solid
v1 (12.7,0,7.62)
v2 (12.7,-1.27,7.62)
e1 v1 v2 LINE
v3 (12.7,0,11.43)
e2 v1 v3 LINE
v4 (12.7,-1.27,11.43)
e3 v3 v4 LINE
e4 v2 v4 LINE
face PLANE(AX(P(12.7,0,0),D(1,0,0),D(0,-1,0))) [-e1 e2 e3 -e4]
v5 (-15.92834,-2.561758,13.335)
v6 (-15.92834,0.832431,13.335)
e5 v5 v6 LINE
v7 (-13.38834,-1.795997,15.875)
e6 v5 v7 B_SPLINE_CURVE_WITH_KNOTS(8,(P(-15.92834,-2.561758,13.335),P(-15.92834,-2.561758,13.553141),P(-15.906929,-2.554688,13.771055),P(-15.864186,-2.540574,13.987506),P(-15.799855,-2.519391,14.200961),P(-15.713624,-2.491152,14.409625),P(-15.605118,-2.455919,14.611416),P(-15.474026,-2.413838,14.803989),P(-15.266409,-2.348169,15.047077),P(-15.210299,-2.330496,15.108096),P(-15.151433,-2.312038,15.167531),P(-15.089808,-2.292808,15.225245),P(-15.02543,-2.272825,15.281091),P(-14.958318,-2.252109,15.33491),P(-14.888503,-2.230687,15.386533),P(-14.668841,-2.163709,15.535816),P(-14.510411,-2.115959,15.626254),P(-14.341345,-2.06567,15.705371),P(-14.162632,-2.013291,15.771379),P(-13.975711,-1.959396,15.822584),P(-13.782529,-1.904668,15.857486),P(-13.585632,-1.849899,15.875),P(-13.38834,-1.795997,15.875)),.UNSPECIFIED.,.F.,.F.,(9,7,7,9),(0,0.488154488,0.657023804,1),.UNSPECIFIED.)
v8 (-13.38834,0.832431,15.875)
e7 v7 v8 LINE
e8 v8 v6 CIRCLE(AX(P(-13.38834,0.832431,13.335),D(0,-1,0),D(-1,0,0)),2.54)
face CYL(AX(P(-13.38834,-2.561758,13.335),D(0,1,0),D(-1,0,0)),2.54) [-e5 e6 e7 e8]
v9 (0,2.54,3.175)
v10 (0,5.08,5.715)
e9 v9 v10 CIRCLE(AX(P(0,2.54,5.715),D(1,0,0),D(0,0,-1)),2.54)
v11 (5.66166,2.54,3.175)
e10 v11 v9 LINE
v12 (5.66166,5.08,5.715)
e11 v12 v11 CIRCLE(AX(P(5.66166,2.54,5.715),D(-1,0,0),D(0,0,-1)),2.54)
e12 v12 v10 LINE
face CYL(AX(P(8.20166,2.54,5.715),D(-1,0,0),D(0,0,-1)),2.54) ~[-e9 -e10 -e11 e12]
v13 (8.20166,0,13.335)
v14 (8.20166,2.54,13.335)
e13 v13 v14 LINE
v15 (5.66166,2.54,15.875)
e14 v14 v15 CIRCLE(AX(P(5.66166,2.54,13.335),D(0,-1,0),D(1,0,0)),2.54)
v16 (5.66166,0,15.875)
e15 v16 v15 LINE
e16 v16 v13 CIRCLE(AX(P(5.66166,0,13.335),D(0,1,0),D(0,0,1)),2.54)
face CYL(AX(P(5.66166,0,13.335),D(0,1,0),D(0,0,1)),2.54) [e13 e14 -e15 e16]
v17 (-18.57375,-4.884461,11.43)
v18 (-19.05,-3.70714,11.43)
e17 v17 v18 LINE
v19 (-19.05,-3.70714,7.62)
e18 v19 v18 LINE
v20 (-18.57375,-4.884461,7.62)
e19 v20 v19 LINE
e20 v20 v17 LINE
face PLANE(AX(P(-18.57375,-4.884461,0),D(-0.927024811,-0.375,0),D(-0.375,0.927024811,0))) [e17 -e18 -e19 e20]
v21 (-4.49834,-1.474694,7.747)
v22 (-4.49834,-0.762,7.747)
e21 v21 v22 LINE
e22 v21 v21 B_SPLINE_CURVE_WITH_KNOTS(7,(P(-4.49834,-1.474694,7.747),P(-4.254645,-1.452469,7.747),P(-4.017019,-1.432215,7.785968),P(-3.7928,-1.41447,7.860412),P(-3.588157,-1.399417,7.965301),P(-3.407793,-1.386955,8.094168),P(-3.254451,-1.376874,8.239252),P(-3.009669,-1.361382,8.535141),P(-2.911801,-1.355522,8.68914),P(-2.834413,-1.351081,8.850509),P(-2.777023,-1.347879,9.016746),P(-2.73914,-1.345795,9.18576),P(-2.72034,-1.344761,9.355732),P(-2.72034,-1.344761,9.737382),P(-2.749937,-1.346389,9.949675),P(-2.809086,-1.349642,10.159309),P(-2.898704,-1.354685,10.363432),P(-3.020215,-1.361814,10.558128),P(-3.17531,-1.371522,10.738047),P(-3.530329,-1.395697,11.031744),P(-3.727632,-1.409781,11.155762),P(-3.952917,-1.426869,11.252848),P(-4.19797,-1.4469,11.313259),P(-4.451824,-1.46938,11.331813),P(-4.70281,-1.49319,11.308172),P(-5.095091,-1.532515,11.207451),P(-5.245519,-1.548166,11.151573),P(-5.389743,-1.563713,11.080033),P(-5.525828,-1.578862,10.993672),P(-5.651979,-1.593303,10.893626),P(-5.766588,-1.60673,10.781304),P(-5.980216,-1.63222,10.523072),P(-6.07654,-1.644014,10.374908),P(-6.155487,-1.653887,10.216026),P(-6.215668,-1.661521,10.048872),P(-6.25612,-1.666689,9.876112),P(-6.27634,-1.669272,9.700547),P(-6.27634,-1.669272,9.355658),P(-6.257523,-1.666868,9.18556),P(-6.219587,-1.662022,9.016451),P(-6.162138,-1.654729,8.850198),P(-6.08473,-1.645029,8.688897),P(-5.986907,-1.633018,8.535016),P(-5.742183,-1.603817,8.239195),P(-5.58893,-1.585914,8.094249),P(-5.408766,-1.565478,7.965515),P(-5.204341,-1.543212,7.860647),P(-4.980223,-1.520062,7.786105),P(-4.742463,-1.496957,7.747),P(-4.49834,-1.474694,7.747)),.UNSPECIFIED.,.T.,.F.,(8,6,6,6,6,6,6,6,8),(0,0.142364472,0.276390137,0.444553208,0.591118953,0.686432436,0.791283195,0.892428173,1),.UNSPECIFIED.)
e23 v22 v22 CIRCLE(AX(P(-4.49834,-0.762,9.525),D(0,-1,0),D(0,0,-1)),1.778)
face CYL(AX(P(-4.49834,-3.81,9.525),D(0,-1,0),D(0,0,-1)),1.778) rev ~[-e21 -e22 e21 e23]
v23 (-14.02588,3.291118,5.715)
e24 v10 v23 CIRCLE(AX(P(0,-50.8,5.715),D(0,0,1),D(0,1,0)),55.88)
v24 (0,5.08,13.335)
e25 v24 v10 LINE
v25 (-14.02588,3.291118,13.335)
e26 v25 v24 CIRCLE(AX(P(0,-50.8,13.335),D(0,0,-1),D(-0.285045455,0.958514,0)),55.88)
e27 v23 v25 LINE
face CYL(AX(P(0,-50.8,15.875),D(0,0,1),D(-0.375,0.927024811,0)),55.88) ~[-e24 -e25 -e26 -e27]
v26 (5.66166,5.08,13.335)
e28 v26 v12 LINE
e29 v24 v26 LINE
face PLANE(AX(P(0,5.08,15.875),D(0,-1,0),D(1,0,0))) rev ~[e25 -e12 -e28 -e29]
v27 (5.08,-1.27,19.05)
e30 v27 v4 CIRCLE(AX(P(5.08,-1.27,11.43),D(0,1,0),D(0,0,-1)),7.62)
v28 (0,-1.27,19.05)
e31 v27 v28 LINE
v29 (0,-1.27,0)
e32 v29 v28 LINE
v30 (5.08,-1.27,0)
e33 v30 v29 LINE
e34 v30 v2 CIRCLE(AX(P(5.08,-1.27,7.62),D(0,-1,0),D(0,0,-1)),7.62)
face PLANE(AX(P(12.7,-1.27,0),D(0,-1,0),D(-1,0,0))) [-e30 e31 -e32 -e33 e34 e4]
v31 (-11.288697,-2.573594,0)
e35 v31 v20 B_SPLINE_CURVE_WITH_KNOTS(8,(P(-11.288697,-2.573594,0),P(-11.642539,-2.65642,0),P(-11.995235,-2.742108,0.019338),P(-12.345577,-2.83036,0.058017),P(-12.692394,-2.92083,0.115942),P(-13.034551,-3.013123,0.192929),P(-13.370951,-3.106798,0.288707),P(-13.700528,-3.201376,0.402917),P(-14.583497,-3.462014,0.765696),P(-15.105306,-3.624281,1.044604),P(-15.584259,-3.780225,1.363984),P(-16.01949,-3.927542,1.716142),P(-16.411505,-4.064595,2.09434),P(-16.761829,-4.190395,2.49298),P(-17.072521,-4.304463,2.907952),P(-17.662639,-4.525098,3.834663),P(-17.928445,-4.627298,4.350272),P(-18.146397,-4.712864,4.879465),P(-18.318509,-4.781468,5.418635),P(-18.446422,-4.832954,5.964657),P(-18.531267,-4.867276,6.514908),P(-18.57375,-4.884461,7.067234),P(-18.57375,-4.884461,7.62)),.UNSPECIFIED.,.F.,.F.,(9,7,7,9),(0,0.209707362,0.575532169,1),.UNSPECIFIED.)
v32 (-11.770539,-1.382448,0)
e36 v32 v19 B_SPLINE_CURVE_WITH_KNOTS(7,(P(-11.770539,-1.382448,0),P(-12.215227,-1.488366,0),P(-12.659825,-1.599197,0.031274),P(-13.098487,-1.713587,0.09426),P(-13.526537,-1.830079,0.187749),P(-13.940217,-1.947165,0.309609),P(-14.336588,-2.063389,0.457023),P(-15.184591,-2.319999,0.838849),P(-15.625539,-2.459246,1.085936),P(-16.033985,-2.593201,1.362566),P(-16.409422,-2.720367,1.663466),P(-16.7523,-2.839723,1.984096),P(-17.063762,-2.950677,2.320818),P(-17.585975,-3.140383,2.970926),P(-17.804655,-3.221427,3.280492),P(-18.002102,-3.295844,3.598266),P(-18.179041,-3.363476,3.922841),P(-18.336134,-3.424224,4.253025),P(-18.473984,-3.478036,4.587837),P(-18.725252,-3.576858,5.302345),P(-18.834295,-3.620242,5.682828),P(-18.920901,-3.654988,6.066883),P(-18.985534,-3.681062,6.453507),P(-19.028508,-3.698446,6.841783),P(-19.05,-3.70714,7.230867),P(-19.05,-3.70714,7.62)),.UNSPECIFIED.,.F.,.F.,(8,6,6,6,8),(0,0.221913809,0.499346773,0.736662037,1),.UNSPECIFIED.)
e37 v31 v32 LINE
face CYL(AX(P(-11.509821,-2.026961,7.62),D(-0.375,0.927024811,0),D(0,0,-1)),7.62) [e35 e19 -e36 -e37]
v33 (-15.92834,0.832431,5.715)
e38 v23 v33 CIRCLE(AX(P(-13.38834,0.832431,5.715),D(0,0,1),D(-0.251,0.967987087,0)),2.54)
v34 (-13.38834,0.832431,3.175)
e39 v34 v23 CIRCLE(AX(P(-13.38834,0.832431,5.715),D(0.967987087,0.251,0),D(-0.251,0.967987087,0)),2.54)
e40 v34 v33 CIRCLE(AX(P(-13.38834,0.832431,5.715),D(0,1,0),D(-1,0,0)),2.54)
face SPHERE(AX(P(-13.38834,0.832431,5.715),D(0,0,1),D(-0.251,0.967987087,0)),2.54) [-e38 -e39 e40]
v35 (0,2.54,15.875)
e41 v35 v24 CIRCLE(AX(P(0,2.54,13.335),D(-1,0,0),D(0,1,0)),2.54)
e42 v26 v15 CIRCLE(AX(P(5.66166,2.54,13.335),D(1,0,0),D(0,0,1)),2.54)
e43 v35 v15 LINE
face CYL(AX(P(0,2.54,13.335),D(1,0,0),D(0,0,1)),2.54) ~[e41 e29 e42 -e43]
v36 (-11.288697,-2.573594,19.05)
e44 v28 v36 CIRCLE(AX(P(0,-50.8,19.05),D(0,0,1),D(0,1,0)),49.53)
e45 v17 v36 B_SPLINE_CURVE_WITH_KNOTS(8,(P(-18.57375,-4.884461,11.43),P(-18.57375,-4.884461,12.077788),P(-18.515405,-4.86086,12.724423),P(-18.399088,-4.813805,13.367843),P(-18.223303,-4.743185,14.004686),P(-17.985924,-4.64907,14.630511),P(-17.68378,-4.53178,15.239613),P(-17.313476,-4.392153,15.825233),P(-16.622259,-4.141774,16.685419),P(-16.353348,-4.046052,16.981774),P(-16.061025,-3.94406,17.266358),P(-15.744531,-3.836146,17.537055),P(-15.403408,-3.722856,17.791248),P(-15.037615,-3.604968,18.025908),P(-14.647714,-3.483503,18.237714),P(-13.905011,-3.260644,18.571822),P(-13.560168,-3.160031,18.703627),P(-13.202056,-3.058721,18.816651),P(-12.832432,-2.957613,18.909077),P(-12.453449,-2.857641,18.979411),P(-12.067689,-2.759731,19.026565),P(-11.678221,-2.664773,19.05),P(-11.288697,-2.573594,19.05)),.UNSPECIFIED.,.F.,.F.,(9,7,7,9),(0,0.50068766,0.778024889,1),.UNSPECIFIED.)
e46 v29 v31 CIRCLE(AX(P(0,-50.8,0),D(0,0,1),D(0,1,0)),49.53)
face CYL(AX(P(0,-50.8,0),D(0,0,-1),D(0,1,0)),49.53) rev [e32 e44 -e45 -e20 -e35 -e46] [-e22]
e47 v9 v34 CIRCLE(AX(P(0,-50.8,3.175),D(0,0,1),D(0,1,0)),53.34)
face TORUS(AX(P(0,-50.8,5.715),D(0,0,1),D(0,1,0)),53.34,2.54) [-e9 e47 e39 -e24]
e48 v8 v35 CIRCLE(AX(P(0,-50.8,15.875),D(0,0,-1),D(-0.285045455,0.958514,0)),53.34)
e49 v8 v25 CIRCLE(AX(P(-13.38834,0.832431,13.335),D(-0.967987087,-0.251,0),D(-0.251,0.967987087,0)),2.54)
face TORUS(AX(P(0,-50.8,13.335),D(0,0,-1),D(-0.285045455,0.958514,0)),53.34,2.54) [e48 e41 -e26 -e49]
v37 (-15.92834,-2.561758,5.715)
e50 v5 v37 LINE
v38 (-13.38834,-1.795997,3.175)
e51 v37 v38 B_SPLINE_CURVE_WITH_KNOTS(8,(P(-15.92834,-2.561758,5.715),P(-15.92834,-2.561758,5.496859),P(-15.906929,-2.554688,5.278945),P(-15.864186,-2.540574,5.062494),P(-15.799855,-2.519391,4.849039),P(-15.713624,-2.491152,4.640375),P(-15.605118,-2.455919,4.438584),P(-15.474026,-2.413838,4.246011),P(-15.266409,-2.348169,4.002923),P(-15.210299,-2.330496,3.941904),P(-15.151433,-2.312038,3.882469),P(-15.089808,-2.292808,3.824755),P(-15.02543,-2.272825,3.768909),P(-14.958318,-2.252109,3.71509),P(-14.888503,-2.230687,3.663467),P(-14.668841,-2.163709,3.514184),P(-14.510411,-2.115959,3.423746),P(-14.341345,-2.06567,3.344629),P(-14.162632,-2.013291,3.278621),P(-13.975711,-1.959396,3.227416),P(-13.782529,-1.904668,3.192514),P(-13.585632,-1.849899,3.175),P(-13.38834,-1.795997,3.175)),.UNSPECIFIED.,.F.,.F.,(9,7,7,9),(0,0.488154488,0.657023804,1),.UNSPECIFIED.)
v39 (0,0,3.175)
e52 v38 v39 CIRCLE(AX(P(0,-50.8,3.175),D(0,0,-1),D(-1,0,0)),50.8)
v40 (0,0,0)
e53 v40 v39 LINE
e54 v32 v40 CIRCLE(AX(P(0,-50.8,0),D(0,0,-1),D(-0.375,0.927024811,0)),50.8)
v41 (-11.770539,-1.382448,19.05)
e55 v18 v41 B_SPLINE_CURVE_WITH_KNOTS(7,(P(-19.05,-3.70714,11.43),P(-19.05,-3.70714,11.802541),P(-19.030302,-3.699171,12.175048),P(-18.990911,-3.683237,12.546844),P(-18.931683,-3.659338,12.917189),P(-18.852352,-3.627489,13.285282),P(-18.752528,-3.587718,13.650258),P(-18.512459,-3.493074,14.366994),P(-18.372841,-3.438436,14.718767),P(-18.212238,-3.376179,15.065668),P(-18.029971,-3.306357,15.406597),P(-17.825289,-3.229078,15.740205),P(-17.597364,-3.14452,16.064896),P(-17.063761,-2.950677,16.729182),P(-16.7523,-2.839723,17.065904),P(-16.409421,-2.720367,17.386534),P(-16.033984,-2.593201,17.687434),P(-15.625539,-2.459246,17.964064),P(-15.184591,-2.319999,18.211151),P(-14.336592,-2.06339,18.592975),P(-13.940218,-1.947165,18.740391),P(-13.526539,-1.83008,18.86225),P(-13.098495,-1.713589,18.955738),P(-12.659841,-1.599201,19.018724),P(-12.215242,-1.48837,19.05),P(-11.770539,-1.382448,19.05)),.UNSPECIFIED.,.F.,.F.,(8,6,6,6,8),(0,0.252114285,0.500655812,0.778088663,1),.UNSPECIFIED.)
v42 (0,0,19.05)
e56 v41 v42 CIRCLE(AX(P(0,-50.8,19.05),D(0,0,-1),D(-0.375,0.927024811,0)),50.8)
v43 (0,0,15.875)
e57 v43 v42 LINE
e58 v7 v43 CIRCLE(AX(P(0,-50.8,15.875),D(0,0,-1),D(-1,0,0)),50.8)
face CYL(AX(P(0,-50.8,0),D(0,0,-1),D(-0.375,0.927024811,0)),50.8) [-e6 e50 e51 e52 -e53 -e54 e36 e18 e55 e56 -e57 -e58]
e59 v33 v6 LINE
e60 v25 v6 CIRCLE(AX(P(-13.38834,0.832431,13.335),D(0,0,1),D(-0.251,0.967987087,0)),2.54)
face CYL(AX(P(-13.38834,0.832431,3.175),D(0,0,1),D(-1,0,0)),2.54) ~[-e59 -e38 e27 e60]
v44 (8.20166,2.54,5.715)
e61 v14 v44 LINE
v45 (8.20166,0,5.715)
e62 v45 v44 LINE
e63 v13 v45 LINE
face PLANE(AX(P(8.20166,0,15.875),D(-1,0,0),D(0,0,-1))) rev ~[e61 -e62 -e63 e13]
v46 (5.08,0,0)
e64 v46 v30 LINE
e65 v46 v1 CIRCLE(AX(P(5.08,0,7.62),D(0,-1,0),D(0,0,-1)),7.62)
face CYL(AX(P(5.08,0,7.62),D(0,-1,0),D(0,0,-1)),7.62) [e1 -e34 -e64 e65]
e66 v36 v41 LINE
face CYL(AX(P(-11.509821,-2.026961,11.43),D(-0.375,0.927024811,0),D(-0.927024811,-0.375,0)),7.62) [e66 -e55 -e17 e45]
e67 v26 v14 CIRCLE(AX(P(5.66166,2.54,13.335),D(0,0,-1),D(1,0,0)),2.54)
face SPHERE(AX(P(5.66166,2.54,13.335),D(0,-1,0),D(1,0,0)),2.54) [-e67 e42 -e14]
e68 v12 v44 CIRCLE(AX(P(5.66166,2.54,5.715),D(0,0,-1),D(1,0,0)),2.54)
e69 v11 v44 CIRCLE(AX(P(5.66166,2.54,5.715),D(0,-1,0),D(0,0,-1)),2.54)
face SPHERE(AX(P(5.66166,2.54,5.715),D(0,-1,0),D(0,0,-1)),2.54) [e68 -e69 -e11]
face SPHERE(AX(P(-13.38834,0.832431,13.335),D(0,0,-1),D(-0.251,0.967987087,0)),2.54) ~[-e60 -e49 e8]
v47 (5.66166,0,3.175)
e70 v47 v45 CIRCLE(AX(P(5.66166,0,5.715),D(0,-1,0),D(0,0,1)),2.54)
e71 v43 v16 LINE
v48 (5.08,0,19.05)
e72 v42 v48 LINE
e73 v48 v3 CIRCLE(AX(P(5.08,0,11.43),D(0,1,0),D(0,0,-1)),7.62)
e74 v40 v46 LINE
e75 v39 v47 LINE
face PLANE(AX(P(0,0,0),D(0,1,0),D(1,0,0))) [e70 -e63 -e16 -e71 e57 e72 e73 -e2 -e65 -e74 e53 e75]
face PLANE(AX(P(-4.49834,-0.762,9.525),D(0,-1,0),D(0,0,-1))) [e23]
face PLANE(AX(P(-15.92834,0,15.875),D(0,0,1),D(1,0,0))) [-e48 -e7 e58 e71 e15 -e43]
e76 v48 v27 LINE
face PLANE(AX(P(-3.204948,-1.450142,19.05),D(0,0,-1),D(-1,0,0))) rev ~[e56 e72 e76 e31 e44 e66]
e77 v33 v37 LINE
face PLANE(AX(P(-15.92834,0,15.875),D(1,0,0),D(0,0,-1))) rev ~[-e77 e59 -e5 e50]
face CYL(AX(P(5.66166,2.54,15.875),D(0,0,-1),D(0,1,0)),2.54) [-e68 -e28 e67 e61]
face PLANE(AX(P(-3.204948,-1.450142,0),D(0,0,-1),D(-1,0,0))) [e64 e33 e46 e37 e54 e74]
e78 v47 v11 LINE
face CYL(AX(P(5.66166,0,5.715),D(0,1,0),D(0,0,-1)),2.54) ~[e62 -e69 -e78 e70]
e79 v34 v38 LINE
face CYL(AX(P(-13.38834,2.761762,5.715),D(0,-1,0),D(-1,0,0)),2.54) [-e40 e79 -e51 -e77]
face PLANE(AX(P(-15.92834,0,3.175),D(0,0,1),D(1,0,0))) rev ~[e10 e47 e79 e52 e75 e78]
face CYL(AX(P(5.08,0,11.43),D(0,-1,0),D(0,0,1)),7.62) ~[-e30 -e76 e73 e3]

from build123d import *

# Parameters (mm, degrees)
BOSS_EXTRUDE3_DEPTH                  = 19.05
SKETCH5_R                            = 1.778
CUT_EXTRUDE1_DEPTH                   = 3.048
SKETCH7_W                            = 24.13
SKETCH7_H                            = 12.7
BOSS_EXTRUDE4_DEPTH                  = 6.35
BOSS_EXTRUDE4_DIRECTION_2_REACH      = 29.38
BOSS_EXTRUDE4_DIRECTION_2_END_RADIUS = 50.8
CUT_EXTRUDE2_DEPTH                   = 26.597668413
FILLET1_R                            = 2.54
FILLET2_R                            = 7.62


with BuildPart() as part:
    # Sketch3 → Boss-Extrude3 (new body)
    with BuildSketch(Plane.XY):
        with BuildLine():
            Line((0, 0), (12.7, 0))
            Line((12.7, 0), (12.7, -1.27))
            Line((12.7, -1.27), (0, -1.27))
            ThreePointArc((0, -1.27), (-9.461085009, -2.182011863), (-18.57375, -4.884461117))
            Line((-18.57375, -4.884461117), (-19.05, -3.707139607))
            ThreePointArc((-19.05, -3.707139607), (-9.703676933, -0.935396783), (0, 0))
        make_face()
    extrude(amount=BOSS_EXTRUDE3_DEPTH)

    # Sketch5 → Cut-Extrude1 (cut)
    with BuildSketch(Plane(origin=(0, -3.81, 0), x_dir=(-1, 0, 0), z_dir=(0, -1, 0))):
        with Locations(Location((4.49834, -9.525, 0), (0, 0, 90))):
            Circle(SKETCH5_R)
    extrude(amount=-CUT_EXTRUDE1_DEPTH, mode=Mode.SUBTRACT)

    # Sketch7 → Boss-Extrude4 (add)
    with BuildSketch(Plane(origin=(0, 0, 0), x_dir=(1, 0, 0), z_dir=(0, 1, 0))):
        with Locations((-3.86334, -9.525)):
            Rectangle(SKETCH7_W, SKETCH7_H)
    extrude(amount=BOSS_EXTRUDE4_DEPTH)

    # Boss-Extrude4 direction 2: up to this cylinder (the profile starts outside it)
    boss_extrude4_direction_2_end = Plane(origin=(0, -50.8, 9.525), z_dir=(0, 0, -1)) * Cylinder(BOSS_EXTRUDE4_DIRECTION_2_END_RADIUS, 161.36, mode=Mode.PRIVATE)
    # Sketch7 → Boss-Extrude4 direction 2 (add, up to the surface)
    with BuildSketch(Plane(origin=(0, 0, 0), x_dir=(1, 0, 0), z_dir=(0, 1, 0)), mode=Mode.PRIVATE) as boss_extrude4_direction_2_sk1:
        with Locations((-3.86334, -9.525)):
            Rectangle(SKETCH7_W, SKETCH7_H)
    boss_extrude4_direction_2_tool1 = extrude(boss_extrude4_direction_2_sk1.sketch, amount=-BOSS_EXTRUDE4_DIRECTION_2_REACH, mode=Mode.PRIVATE) - boss_extrude4_direction_2_end
    add(boss_extrude4_direction_2_tool1.solids().sort_by_distance((-3.86334, 0, 9.525))[0])
    add(boss_extrude4_direction_2_tool1.solids().sort_by_distance((-3.86334, 0, 9.525))[1])

    # Sketch8 → Cut-Extrude2 (cut, through all)
    with BuildSketch(Plane.XY.offset(15.875)):
        with BuildLine():
            Line((8.20166, 5.08), (8.20166, 6.35))
            Line((8.20166, 6.35), (-20.955, 6.35))
            Line((-20.955, 6.35), (-20.955, 1.002146432))
            ThreePointArc((-20.955, 1.002146432), (-10.674044626, 4.051063539), (0, 5.08))
            Line((0, 5.08), (8.20166, 5.08))
        make_face()
    extrude(amount=-CUT_EXTRUDE2_DEPTH, mode=Mode.SUBTRACT)

    # Fillet1
    fillet1_edges = [part.edges().sort_by_distance(p)[0] for p in [
        (-15.92834, 0.100002136, 3.175),
        (-15.92834, 0.100002136, 15.875),
        (8.20166, 2.54, 3.175),
        (8.20166, 2.54, 15.875),
        (-15.92834, 2.761762339, 9.525),
        (-8.048078047, 4.497403553, 3.175),
        (4.10083, 5.08, 3.175),
        (8.20166, 5.08, 9.525),
        (-8.048078047, 4.497403553, 15.875),
        (4.10083, 5.08, 15.875),
    ]]
    fillet(fillet1_edges, radius=FILLET1_R)

    # Fillet2
    fillet2_edges = [part.edges().sort_by_distance(p)[0] for p in [
        (-18.811875, -4.295800362, 19.05),
        (-18.811875, -4.295800362, 0),
        (12.7, -0.635, 19.05),
        (12.7, -0.635, 0),
    ]]
    fillet(fillet2_edges, radius=FILLET2_R)


solid = part.part
